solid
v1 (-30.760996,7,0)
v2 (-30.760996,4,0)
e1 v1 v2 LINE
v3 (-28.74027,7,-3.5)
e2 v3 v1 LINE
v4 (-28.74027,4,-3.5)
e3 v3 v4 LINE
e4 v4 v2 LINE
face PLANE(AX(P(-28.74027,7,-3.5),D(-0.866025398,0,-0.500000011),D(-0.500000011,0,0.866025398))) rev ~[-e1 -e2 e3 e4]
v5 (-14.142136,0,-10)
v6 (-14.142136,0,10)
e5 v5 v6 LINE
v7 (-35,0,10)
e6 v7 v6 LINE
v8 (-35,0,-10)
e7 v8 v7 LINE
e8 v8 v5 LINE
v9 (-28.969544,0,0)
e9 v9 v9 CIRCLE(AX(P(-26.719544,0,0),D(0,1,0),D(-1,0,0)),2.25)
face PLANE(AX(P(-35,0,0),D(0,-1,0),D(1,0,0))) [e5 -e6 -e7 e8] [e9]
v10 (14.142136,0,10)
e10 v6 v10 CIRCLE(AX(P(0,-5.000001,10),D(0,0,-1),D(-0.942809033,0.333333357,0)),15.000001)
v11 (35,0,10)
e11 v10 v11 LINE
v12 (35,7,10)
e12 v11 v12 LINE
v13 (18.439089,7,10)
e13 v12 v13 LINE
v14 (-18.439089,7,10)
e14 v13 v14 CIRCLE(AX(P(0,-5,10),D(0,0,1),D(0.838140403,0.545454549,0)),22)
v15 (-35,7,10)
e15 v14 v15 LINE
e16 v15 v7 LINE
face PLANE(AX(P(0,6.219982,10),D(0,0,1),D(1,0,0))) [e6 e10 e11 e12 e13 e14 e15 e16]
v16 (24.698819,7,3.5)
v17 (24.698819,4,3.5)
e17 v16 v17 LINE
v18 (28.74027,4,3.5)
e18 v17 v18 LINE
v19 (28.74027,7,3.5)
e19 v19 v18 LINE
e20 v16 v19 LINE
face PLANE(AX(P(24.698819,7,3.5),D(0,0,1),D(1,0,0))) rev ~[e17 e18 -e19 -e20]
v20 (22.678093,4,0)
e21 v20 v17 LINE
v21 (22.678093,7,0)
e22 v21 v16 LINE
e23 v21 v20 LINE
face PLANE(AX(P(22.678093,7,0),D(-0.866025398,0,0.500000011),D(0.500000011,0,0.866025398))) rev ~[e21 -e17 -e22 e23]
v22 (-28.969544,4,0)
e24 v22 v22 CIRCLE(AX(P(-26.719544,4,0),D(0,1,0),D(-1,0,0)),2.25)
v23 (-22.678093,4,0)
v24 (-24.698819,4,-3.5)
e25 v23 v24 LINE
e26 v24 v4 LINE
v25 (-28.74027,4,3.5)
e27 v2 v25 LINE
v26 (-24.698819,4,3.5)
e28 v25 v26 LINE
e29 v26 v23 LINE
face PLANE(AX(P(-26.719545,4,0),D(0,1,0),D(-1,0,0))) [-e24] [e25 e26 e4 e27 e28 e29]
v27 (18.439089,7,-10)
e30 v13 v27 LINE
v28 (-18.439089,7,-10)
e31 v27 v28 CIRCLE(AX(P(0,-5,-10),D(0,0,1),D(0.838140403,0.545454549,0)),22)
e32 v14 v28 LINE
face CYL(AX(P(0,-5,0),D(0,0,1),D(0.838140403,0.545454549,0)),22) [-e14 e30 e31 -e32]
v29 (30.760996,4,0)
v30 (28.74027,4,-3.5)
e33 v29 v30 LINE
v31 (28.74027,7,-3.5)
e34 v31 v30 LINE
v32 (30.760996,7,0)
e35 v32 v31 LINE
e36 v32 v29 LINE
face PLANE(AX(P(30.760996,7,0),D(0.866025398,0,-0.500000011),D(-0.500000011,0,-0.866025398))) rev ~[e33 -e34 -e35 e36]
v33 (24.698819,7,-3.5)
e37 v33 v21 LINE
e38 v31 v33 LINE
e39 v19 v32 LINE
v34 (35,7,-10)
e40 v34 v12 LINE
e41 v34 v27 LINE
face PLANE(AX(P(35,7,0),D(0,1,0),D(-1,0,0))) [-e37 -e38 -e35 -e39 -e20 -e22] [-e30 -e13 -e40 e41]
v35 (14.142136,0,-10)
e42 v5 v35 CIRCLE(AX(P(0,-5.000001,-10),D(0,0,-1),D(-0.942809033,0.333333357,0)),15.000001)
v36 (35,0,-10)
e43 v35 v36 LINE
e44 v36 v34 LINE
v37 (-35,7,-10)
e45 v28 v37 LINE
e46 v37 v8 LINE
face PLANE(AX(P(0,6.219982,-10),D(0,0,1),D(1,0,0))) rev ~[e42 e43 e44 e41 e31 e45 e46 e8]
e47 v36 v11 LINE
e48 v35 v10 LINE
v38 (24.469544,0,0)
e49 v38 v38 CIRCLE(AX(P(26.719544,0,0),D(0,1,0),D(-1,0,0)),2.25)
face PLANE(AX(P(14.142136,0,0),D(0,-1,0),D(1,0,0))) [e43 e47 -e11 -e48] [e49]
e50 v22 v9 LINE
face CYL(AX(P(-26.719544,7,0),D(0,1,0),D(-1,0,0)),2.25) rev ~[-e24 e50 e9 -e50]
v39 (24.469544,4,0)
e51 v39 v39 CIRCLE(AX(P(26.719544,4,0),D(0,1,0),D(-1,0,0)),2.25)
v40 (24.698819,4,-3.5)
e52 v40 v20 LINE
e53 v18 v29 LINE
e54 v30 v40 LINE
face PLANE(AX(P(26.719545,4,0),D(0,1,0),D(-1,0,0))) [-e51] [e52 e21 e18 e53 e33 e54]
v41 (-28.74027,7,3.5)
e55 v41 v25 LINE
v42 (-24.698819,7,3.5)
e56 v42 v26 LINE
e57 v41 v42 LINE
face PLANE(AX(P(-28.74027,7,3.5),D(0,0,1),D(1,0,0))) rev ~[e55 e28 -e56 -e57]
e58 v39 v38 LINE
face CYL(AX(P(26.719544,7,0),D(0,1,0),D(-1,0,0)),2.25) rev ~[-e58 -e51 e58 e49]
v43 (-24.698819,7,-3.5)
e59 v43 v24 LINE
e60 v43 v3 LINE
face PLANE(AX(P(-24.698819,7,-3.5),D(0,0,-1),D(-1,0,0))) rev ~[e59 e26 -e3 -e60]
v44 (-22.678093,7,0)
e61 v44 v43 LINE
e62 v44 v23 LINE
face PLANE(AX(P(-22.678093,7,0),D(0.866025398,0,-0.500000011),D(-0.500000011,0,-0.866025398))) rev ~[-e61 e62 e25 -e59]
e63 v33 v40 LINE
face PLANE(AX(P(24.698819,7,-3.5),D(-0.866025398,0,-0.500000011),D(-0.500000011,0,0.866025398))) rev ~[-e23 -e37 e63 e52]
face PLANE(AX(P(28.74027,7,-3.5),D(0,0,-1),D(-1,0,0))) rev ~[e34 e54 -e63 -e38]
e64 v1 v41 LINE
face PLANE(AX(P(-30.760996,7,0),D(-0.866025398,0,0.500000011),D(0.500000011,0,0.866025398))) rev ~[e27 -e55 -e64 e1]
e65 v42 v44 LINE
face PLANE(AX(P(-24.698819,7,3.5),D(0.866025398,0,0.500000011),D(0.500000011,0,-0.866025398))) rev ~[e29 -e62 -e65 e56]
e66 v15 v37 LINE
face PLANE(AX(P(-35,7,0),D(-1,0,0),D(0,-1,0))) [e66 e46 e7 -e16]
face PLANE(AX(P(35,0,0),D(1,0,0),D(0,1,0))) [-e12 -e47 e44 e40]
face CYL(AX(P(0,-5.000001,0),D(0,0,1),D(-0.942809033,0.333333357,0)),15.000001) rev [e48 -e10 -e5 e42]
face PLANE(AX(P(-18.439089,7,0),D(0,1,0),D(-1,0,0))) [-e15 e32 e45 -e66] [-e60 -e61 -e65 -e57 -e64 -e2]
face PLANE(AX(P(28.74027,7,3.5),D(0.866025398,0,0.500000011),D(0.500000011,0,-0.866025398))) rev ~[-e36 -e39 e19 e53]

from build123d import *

# Parameters (mm, degrees)
F1_DEPTH = 10
F2_R     = 2.25
F3_DEPTH = 25
F4_R     = 2.25
F5_DEPTH = 3


with BuildPart() as f1:
    # F0 (on Top) → F1 (new body, symmetric)
    with BuildSketch(Plane.XY):
        with BuildLine():
            Line((-35, 7), (-35, 0))
            Line((-35, 0), (-14.142136, 0))
            ThreePointArc((-14.142136, 0), (0, 10), (14.142136, 0))
            Line((14.142136, 0), (35, 0))
            Line((35, 0), (35, 7))
            Line((35, 7), (18.439089, 7))
            ThreePointArc((18.439089, 7), (0, 17), (-18.439089, 7))
            Line((-18.439089, 7), (-35, 7))
        make_face()
    extrude(amount=F1_DEPTH, both=True)

    # F2 (on face) → F3 (cut)
    with BuildSketch(Plane(origin=(0, 7, 0), x_dir=(-1, 0, 0), z_dir=(0, 1, 0))):
        with Locations((-26.719544, 0)):
            Circle(F2_R)
        with Locations((26.719544, 0)):
            Circle(F2_R)
    extrude(amount=-F3_DEPTH, mode=Mode.SUBTRACT)

    # F4 (on face) → F5 (cut)
    with BuildSketch(Plane(origin=(0, 7, 0), x_dir=(-1, 0, 0), z_dir=(0, 1, 0))):
        Polygon((-28.74027, 3.5), (-30.760996, 0), (-28.74027, -3.5), (-24.698819, -3.5), (-22.678093, 0), (-24.698819, 3.5), align=None)
        with Locations((-26.719544, 0)):
            Circle(F4_R, mode=Mode.SUBTRACT)
        Polygon((28.74027, -3.5), (30.760996, 0), (28.74027, 3.5), (24.698819, 3.5), (22.678093, 0), (24.698819, -3.5), align=None)
    extrude(amount=-F5_DEPTH, mode=Mode.SUBTRACT)


solid = f1.part
